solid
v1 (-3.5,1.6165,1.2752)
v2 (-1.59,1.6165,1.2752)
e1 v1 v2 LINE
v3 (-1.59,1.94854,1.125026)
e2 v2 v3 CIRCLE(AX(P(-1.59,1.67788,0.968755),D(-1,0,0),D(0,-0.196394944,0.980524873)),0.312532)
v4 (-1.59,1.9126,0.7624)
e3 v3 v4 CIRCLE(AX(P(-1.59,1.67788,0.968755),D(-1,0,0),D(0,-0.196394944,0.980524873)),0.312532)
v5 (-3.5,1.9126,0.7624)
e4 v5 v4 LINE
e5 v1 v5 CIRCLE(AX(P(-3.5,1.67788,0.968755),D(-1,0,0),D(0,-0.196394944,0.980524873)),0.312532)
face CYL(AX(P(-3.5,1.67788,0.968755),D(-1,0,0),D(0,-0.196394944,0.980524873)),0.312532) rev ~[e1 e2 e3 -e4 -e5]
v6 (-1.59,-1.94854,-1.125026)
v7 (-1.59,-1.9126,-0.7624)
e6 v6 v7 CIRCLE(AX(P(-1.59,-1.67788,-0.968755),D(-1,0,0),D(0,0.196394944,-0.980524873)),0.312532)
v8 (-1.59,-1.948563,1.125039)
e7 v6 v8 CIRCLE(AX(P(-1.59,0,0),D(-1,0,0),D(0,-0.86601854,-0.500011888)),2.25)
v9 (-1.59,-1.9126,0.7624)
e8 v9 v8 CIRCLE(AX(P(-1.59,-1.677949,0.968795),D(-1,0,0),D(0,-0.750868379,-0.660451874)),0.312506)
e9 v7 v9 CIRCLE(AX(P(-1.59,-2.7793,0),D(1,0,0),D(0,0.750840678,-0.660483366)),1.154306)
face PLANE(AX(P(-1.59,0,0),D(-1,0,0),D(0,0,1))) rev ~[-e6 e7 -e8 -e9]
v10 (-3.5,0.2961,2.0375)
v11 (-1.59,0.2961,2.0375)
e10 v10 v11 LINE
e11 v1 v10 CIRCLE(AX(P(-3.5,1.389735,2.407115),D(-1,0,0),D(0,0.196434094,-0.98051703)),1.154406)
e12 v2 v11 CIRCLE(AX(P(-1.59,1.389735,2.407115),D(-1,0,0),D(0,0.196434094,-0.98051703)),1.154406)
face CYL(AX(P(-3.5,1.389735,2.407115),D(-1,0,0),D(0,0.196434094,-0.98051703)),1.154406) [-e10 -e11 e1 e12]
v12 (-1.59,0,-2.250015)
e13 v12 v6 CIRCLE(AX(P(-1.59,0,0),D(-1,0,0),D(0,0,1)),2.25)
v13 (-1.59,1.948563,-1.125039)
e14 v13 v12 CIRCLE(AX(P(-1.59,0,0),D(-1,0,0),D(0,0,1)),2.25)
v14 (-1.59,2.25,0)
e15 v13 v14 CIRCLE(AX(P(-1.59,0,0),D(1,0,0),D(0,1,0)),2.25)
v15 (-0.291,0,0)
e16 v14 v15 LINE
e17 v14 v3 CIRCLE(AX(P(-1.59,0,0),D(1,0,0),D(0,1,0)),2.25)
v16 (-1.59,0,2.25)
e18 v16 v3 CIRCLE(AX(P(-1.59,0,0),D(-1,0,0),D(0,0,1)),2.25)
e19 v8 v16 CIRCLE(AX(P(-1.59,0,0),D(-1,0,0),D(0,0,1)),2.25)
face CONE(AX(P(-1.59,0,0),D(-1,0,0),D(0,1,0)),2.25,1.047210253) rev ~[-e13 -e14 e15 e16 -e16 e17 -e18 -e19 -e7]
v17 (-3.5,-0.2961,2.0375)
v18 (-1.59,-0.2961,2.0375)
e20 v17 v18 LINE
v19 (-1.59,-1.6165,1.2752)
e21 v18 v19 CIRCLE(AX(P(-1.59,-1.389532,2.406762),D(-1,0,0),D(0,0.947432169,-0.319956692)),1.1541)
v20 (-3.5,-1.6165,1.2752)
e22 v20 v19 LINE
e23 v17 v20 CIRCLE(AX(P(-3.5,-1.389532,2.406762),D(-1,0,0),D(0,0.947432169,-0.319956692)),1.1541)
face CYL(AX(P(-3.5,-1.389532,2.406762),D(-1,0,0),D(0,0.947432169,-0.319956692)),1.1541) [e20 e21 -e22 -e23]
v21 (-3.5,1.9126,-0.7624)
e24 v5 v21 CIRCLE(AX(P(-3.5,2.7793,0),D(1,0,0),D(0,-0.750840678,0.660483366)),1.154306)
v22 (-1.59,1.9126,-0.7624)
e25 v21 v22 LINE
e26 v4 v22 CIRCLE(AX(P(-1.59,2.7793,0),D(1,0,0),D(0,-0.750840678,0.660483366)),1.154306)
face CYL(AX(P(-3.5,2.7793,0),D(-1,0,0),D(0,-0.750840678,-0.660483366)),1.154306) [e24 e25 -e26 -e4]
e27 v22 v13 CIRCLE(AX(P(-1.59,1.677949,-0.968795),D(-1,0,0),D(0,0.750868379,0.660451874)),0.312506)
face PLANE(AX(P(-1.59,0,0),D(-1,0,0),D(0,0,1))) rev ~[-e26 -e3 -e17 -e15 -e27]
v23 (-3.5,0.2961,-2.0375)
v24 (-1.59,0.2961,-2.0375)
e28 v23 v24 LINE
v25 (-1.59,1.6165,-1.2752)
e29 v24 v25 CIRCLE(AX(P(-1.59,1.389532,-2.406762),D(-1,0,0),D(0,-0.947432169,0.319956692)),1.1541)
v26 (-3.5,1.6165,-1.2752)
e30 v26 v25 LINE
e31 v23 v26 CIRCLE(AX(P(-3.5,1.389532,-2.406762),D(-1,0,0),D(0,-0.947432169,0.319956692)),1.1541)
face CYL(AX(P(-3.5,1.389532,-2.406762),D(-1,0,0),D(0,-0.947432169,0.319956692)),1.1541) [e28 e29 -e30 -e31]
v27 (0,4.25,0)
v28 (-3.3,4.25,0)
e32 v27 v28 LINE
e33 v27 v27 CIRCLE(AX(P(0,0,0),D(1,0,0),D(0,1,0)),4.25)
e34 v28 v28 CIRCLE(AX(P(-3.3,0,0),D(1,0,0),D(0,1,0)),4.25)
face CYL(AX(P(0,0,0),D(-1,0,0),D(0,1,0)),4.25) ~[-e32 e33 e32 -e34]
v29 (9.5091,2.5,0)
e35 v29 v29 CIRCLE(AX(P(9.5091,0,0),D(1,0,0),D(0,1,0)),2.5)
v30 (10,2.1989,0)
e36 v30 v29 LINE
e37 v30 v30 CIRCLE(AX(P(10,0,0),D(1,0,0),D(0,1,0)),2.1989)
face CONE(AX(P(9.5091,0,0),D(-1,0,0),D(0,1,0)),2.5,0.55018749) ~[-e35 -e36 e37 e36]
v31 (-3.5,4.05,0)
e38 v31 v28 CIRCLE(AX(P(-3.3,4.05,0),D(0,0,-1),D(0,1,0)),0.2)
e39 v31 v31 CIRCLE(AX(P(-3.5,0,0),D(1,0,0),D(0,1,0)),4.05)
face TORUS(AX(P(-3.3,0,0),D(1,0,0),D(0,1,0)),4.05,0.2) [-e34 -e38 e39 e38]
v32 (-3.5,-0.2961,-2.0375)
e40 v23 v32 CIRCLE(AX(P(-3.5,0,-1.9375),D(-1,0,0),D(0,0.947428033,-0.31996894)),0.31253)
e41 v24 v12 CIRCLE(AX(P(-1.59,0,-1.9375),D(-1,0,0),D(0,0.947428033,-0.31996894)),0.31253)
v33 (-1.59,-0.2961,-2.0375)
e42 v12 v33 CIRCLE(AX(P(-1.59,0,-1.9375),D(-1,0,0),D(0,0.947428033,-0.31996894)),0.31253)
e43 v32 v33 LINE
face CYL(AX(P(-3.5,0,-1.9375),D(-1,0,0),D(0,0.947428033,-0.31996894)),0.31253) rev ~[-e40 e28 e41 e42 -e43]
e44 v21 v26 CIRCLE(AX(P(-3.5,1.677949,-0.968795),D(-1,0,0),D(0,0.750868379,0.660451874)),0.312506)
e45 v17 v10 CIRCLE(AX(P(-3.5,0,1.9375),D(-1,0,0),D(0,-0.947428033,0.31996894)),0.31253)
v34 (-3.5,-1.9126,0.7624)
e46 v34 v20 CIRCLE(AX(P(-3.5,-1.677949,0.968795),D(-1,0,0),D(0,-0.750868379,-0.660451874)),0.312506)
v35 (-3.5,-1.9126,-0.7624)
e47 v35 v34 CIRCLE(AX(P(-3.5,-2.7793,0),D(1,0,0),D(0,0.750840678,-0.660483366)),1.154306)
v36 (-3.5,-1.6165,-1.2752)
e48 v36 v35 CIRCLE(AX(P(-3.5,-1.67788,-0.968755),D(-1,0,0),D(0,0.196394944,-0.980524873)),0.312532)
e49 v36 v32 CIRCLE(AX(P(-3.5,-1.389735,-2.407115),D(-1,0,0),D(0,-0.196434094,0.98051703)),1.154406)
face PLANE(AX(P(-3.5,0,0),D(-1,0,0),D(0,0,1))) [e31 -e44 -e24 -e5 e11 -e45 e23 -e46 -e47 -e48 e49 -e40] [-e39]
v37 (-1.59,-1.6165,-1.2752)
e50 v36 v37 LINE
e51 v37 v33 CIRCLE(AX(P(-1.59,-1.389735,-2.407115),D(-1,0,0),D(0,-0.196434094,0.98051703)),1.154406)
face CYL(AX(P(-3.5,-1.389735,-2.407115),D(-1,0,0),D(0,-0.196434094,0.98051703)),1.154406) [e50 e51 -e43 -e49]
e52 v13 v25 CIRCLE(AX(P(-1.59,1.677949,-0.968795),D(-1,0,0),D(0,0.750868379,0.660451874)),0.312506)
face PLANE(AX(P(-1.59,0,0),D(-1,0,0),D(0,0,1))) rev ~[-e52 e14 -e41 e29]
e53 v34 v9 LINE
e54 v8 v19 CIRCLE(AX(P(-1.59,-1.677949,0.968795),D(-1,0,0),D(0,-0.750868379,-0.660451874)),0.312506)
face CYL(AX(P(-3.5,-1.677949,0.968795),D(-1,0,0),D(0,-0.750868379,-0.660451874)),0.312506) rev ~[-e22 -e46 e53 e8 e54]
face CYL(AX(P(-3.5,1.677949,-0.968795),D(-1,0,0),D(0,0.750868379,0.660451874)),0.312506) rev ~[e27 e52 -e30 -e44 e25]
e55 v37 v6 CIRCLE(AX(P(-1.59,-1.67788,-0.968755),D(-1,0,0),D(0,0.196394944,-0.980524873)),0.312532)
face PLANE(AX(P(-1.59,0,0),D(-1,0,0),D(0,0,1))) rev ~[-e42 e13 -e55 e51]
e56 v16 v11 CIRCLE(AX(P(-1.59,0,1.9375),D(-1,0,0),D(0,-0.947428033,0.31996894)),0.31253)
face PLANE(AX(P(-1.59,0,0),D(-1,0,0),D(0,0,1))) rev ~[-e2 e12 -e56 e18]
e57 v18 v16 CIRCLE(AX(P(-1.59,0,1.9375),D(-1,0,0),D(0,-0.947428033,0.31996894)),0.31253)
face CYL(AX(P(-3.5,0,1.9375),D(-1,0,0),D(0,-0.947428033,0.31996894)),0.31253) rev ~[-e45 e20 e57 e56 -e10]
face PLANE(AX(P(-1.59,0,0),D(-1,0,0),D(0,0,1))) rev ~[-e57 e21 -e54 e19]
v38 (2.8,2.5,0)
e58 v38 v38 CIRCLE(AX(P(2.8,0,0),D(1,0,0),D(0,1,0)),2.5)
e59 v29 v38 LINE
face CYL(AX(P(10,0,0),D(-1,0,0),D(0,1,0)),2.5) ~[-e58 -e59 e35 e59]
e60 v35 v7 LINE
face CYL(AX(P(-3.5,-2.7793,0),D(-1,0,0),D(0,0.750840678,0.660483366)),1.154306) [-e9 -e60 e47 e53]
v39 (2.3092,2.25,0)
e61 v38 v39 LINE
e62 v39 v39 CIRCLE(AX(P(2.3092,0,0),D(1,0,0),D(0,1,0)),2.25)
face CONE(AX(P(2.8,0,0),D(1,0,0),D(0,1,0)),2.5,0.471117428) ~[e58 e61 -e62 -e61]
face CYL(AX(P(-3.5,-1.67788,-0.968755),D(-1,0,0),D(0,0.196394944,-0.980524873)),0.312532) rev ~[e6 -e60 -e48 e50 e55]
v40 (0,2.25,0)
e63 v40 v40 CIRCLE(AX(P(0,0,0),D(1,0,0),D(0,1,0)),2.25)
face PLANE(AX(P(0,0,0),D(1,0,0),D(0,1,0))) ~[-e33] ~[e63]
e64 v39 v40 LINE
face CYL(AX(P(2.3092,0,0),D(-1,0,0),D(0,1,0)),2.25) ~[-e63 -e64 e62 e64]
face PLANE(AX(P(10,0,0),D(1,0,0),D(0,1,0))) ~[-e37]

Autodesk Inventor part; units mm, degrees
ref_plane "YZ Plane" through (0, 0, 0) normal (1, 0, 0) x (0, 1, 0)
ref_plane "XZ Plane" through (0, 0, 0) normal (0, 1, 0) x (-1, 0, 0)
sketch "Szkic1" plane through (0, 0, 0) normal (0, 0, 1) x (1, 0, 0)
  line L0 (-0.291, 0) -> (10, 0)
  line L1 (10, 0) -> (10, 2.5)
  line L2 (10, 2.5) -> (2.8, 2.5)
  line L3 (2.8, 2.5) -> (2.3092, 2.25)
  line L4 (2.3092, 2.25) -> (0, 2.25)
  line L5 (0, 2.25) -> (0, 4.25)
  line L6 (0, 4.25) -> (-3.5, 4.25)
  line L7 (-3.5, 4.25) -> (-3.5, 2.25)
  line L8 (-3.5, 2.25) -> (-1.59, 2.25)
  line L9 (-1.59, 2.25) -> (-0.291, 0)
  line L10 (-6.2, 0) -> (12.7, 0) projected
  line L11 (0, -0.85) -> (0, 5.1) projected
  line L12 (2.8, 2.5) -> (0, 2.5) construction
  dimension "d1" = 7.2
  dimension "d2" = 0.4908
  dimension "d3" = 3.5
  dimension "d4" = 1.91
  dimension "d5" = 60
  dimension "d6" = 5
  dimension "d7" = 4.5
  dimension "d8" = 4.5
  dimension "d9" = 8.5
  dimension "d20" = 10
revolve "Bryła" add sketch "Szkic1" angle 360 about axis through (-0.291, 0, 0) along (1, 0, 0)
sketch "Szkic2" plane through (-3.5, 0, 0) normal (-1, 0, 0) x (0, 0, 1)
  line L0 (0, -5.95) -> (0, 5.95) projected
  line L1 (-5.95, 0) -> (5.95, 0) projected
  circle A0 centre (0, 0) radius 2.25 construction
  circle A1 centre (0, 0) radius 1.625 construction
  line L2 (0, 0) -> (1.9486, 1.125) construction
  line L3 (0, 0) -> (1.125, 1.9486) construction
  arc A2 (1.2752, 1.6165) -> (0.7624, 1.9126) centre (0.9688, 1.6779) ccw
  arc A3 (1.2752, 1.6165) -> (2.0375, 0.2961) centre (2.4069, 1.3897) ccw
  arc A4 (2.0375, -0.2961) -> (2.0375, 0.2961) centre (1.9375, 0) ccw
  arc A5 (2.0375, -0.2961) -> (1.2752, -1.6165) centre (2.4069, -1.3897) ccw
  arc A6 (-0.7624, 1.9126) -> (0.7624, 1.9126) centre (0, 2.7793) ccw
  arc A7 (-0.7624, 1.9126) -> (-1.2752, 1.6165) centre (-0.9688, 1.6779) ccw
  arc A8 (-2.0375, 0.2961) -> (-1.2752, 1.6165) centre (-2.4069, 1.3897) ccw
  arc A9 (-2.0375, 0.2961) -> (-2.0375, -0.2961) centre (-1.9375, 0) ccw
  arc A10 (-1.2752, -1.6165) -> (-2.0375, -0.2961) centre (-2.4069, -1.3897) ccw
  arc A11 (0.7624, -1.9126) -> (1.2752, -1.6165) centre (0.9688, -1.6779) ccw
  arc A12 (0.7624, -1.9126) -> (-0.7624, -1.9126) centre (0, -2.7793) ccw
  arc A13 (-1.2752, -1.6165) -> (-0.7624, -1.9126) centre (-0.9688, -1.6779) ccw
  circle A14 centre (0, 0) radius 2.25 projected
  dimension "d34" = 30
  dimension "d35" = 60
  dimension "d36" = 3.25
  dimension "d37" = 4.5
  dimension "d38" = 0.3125
extrude "Szczelina" add sketch "Szkic2" against normal blind 1.91 contours A14 A13 A12 L0 | L0 A12 A11 A14 | A14 A9 A10 A13 | A11 A5 A4 A14 | A14 A7 A8 A9 | A4 A3 A2 A14 | A6 A7 A14 L0 | L0 A14 A2 A6
fillet "Zaokrąglenie1" radius 0.2 1 edges at (-3.5, -4.25, 0)
thread "Gwint" size "M5x0.8" class "6g" standard "ISO Metric profile" length 7.2
chamfer "Faza1" distance 0.3011 distance2 0.4909 1 edges at (10, -2.5, 0) measured on face at (10, -0.7741, -0.6858)
ref_plane "Work Plane1" through (6.4, 0, 0) normal (0, -0.6331, -0.774) x (1, 0, 0)
equation "\"d1\" = GEL"
equation "\"d2\" = GAL"
equation "\"d3\" = KOH"
equation "\"d4\" = INTI"
equation "\"d6\" = GD"
equation "\"d7\" = BDM"
equation "\"d8\" = SW"
equation "\"d9\" = KOD"
equation "\"d20\" = NLG"
equation "\"d36\" = E0"
equation "\"d37\" = SW"
equation "\"d38\" = -0.25 * E0 + 0.25 * SW"
equation "\"d11\" = INTI"
equation "\"d17\" = RR"
equation "\"d13\" = GEL"
equation "\"d15\" = -0.5 * SPD + 0.5 * GD"
equation "\"GD\" = NND"
equation "\"NLG\" = 10"
equation "\"GEL\" = 7.2"
equation "\"KOD\" = 8.5"
equation "\"KOH\" = 3.5"
equation "\"INTI\" = 1.91"
equation "\"GAL\" = 0.61345 * PTC"
equation "\"GUL\" = 0.61345 * PTC"
equation "\"BDM\" = 4.5"
equation "\"SW\" = 4.5"
equation "\"RR\" = 0.2"
equation "\"SPD\" = NND - 1.2269 * GAL"
equation "\"E0\" = 3.25"
equation "\"TOA\" = 30deg"
equation "\"GD1\" = THREADDIA - 1.2269 * PTC"
equation "\"THREADDIA\" = 5"
equation "\"PTC\" = 0.8"
equation "\"NND\" = 5"
equation "\"RRK\" = 0.35"
properties part number "NF E 25-130 - M5 x 10" material "Stal, miękka"
